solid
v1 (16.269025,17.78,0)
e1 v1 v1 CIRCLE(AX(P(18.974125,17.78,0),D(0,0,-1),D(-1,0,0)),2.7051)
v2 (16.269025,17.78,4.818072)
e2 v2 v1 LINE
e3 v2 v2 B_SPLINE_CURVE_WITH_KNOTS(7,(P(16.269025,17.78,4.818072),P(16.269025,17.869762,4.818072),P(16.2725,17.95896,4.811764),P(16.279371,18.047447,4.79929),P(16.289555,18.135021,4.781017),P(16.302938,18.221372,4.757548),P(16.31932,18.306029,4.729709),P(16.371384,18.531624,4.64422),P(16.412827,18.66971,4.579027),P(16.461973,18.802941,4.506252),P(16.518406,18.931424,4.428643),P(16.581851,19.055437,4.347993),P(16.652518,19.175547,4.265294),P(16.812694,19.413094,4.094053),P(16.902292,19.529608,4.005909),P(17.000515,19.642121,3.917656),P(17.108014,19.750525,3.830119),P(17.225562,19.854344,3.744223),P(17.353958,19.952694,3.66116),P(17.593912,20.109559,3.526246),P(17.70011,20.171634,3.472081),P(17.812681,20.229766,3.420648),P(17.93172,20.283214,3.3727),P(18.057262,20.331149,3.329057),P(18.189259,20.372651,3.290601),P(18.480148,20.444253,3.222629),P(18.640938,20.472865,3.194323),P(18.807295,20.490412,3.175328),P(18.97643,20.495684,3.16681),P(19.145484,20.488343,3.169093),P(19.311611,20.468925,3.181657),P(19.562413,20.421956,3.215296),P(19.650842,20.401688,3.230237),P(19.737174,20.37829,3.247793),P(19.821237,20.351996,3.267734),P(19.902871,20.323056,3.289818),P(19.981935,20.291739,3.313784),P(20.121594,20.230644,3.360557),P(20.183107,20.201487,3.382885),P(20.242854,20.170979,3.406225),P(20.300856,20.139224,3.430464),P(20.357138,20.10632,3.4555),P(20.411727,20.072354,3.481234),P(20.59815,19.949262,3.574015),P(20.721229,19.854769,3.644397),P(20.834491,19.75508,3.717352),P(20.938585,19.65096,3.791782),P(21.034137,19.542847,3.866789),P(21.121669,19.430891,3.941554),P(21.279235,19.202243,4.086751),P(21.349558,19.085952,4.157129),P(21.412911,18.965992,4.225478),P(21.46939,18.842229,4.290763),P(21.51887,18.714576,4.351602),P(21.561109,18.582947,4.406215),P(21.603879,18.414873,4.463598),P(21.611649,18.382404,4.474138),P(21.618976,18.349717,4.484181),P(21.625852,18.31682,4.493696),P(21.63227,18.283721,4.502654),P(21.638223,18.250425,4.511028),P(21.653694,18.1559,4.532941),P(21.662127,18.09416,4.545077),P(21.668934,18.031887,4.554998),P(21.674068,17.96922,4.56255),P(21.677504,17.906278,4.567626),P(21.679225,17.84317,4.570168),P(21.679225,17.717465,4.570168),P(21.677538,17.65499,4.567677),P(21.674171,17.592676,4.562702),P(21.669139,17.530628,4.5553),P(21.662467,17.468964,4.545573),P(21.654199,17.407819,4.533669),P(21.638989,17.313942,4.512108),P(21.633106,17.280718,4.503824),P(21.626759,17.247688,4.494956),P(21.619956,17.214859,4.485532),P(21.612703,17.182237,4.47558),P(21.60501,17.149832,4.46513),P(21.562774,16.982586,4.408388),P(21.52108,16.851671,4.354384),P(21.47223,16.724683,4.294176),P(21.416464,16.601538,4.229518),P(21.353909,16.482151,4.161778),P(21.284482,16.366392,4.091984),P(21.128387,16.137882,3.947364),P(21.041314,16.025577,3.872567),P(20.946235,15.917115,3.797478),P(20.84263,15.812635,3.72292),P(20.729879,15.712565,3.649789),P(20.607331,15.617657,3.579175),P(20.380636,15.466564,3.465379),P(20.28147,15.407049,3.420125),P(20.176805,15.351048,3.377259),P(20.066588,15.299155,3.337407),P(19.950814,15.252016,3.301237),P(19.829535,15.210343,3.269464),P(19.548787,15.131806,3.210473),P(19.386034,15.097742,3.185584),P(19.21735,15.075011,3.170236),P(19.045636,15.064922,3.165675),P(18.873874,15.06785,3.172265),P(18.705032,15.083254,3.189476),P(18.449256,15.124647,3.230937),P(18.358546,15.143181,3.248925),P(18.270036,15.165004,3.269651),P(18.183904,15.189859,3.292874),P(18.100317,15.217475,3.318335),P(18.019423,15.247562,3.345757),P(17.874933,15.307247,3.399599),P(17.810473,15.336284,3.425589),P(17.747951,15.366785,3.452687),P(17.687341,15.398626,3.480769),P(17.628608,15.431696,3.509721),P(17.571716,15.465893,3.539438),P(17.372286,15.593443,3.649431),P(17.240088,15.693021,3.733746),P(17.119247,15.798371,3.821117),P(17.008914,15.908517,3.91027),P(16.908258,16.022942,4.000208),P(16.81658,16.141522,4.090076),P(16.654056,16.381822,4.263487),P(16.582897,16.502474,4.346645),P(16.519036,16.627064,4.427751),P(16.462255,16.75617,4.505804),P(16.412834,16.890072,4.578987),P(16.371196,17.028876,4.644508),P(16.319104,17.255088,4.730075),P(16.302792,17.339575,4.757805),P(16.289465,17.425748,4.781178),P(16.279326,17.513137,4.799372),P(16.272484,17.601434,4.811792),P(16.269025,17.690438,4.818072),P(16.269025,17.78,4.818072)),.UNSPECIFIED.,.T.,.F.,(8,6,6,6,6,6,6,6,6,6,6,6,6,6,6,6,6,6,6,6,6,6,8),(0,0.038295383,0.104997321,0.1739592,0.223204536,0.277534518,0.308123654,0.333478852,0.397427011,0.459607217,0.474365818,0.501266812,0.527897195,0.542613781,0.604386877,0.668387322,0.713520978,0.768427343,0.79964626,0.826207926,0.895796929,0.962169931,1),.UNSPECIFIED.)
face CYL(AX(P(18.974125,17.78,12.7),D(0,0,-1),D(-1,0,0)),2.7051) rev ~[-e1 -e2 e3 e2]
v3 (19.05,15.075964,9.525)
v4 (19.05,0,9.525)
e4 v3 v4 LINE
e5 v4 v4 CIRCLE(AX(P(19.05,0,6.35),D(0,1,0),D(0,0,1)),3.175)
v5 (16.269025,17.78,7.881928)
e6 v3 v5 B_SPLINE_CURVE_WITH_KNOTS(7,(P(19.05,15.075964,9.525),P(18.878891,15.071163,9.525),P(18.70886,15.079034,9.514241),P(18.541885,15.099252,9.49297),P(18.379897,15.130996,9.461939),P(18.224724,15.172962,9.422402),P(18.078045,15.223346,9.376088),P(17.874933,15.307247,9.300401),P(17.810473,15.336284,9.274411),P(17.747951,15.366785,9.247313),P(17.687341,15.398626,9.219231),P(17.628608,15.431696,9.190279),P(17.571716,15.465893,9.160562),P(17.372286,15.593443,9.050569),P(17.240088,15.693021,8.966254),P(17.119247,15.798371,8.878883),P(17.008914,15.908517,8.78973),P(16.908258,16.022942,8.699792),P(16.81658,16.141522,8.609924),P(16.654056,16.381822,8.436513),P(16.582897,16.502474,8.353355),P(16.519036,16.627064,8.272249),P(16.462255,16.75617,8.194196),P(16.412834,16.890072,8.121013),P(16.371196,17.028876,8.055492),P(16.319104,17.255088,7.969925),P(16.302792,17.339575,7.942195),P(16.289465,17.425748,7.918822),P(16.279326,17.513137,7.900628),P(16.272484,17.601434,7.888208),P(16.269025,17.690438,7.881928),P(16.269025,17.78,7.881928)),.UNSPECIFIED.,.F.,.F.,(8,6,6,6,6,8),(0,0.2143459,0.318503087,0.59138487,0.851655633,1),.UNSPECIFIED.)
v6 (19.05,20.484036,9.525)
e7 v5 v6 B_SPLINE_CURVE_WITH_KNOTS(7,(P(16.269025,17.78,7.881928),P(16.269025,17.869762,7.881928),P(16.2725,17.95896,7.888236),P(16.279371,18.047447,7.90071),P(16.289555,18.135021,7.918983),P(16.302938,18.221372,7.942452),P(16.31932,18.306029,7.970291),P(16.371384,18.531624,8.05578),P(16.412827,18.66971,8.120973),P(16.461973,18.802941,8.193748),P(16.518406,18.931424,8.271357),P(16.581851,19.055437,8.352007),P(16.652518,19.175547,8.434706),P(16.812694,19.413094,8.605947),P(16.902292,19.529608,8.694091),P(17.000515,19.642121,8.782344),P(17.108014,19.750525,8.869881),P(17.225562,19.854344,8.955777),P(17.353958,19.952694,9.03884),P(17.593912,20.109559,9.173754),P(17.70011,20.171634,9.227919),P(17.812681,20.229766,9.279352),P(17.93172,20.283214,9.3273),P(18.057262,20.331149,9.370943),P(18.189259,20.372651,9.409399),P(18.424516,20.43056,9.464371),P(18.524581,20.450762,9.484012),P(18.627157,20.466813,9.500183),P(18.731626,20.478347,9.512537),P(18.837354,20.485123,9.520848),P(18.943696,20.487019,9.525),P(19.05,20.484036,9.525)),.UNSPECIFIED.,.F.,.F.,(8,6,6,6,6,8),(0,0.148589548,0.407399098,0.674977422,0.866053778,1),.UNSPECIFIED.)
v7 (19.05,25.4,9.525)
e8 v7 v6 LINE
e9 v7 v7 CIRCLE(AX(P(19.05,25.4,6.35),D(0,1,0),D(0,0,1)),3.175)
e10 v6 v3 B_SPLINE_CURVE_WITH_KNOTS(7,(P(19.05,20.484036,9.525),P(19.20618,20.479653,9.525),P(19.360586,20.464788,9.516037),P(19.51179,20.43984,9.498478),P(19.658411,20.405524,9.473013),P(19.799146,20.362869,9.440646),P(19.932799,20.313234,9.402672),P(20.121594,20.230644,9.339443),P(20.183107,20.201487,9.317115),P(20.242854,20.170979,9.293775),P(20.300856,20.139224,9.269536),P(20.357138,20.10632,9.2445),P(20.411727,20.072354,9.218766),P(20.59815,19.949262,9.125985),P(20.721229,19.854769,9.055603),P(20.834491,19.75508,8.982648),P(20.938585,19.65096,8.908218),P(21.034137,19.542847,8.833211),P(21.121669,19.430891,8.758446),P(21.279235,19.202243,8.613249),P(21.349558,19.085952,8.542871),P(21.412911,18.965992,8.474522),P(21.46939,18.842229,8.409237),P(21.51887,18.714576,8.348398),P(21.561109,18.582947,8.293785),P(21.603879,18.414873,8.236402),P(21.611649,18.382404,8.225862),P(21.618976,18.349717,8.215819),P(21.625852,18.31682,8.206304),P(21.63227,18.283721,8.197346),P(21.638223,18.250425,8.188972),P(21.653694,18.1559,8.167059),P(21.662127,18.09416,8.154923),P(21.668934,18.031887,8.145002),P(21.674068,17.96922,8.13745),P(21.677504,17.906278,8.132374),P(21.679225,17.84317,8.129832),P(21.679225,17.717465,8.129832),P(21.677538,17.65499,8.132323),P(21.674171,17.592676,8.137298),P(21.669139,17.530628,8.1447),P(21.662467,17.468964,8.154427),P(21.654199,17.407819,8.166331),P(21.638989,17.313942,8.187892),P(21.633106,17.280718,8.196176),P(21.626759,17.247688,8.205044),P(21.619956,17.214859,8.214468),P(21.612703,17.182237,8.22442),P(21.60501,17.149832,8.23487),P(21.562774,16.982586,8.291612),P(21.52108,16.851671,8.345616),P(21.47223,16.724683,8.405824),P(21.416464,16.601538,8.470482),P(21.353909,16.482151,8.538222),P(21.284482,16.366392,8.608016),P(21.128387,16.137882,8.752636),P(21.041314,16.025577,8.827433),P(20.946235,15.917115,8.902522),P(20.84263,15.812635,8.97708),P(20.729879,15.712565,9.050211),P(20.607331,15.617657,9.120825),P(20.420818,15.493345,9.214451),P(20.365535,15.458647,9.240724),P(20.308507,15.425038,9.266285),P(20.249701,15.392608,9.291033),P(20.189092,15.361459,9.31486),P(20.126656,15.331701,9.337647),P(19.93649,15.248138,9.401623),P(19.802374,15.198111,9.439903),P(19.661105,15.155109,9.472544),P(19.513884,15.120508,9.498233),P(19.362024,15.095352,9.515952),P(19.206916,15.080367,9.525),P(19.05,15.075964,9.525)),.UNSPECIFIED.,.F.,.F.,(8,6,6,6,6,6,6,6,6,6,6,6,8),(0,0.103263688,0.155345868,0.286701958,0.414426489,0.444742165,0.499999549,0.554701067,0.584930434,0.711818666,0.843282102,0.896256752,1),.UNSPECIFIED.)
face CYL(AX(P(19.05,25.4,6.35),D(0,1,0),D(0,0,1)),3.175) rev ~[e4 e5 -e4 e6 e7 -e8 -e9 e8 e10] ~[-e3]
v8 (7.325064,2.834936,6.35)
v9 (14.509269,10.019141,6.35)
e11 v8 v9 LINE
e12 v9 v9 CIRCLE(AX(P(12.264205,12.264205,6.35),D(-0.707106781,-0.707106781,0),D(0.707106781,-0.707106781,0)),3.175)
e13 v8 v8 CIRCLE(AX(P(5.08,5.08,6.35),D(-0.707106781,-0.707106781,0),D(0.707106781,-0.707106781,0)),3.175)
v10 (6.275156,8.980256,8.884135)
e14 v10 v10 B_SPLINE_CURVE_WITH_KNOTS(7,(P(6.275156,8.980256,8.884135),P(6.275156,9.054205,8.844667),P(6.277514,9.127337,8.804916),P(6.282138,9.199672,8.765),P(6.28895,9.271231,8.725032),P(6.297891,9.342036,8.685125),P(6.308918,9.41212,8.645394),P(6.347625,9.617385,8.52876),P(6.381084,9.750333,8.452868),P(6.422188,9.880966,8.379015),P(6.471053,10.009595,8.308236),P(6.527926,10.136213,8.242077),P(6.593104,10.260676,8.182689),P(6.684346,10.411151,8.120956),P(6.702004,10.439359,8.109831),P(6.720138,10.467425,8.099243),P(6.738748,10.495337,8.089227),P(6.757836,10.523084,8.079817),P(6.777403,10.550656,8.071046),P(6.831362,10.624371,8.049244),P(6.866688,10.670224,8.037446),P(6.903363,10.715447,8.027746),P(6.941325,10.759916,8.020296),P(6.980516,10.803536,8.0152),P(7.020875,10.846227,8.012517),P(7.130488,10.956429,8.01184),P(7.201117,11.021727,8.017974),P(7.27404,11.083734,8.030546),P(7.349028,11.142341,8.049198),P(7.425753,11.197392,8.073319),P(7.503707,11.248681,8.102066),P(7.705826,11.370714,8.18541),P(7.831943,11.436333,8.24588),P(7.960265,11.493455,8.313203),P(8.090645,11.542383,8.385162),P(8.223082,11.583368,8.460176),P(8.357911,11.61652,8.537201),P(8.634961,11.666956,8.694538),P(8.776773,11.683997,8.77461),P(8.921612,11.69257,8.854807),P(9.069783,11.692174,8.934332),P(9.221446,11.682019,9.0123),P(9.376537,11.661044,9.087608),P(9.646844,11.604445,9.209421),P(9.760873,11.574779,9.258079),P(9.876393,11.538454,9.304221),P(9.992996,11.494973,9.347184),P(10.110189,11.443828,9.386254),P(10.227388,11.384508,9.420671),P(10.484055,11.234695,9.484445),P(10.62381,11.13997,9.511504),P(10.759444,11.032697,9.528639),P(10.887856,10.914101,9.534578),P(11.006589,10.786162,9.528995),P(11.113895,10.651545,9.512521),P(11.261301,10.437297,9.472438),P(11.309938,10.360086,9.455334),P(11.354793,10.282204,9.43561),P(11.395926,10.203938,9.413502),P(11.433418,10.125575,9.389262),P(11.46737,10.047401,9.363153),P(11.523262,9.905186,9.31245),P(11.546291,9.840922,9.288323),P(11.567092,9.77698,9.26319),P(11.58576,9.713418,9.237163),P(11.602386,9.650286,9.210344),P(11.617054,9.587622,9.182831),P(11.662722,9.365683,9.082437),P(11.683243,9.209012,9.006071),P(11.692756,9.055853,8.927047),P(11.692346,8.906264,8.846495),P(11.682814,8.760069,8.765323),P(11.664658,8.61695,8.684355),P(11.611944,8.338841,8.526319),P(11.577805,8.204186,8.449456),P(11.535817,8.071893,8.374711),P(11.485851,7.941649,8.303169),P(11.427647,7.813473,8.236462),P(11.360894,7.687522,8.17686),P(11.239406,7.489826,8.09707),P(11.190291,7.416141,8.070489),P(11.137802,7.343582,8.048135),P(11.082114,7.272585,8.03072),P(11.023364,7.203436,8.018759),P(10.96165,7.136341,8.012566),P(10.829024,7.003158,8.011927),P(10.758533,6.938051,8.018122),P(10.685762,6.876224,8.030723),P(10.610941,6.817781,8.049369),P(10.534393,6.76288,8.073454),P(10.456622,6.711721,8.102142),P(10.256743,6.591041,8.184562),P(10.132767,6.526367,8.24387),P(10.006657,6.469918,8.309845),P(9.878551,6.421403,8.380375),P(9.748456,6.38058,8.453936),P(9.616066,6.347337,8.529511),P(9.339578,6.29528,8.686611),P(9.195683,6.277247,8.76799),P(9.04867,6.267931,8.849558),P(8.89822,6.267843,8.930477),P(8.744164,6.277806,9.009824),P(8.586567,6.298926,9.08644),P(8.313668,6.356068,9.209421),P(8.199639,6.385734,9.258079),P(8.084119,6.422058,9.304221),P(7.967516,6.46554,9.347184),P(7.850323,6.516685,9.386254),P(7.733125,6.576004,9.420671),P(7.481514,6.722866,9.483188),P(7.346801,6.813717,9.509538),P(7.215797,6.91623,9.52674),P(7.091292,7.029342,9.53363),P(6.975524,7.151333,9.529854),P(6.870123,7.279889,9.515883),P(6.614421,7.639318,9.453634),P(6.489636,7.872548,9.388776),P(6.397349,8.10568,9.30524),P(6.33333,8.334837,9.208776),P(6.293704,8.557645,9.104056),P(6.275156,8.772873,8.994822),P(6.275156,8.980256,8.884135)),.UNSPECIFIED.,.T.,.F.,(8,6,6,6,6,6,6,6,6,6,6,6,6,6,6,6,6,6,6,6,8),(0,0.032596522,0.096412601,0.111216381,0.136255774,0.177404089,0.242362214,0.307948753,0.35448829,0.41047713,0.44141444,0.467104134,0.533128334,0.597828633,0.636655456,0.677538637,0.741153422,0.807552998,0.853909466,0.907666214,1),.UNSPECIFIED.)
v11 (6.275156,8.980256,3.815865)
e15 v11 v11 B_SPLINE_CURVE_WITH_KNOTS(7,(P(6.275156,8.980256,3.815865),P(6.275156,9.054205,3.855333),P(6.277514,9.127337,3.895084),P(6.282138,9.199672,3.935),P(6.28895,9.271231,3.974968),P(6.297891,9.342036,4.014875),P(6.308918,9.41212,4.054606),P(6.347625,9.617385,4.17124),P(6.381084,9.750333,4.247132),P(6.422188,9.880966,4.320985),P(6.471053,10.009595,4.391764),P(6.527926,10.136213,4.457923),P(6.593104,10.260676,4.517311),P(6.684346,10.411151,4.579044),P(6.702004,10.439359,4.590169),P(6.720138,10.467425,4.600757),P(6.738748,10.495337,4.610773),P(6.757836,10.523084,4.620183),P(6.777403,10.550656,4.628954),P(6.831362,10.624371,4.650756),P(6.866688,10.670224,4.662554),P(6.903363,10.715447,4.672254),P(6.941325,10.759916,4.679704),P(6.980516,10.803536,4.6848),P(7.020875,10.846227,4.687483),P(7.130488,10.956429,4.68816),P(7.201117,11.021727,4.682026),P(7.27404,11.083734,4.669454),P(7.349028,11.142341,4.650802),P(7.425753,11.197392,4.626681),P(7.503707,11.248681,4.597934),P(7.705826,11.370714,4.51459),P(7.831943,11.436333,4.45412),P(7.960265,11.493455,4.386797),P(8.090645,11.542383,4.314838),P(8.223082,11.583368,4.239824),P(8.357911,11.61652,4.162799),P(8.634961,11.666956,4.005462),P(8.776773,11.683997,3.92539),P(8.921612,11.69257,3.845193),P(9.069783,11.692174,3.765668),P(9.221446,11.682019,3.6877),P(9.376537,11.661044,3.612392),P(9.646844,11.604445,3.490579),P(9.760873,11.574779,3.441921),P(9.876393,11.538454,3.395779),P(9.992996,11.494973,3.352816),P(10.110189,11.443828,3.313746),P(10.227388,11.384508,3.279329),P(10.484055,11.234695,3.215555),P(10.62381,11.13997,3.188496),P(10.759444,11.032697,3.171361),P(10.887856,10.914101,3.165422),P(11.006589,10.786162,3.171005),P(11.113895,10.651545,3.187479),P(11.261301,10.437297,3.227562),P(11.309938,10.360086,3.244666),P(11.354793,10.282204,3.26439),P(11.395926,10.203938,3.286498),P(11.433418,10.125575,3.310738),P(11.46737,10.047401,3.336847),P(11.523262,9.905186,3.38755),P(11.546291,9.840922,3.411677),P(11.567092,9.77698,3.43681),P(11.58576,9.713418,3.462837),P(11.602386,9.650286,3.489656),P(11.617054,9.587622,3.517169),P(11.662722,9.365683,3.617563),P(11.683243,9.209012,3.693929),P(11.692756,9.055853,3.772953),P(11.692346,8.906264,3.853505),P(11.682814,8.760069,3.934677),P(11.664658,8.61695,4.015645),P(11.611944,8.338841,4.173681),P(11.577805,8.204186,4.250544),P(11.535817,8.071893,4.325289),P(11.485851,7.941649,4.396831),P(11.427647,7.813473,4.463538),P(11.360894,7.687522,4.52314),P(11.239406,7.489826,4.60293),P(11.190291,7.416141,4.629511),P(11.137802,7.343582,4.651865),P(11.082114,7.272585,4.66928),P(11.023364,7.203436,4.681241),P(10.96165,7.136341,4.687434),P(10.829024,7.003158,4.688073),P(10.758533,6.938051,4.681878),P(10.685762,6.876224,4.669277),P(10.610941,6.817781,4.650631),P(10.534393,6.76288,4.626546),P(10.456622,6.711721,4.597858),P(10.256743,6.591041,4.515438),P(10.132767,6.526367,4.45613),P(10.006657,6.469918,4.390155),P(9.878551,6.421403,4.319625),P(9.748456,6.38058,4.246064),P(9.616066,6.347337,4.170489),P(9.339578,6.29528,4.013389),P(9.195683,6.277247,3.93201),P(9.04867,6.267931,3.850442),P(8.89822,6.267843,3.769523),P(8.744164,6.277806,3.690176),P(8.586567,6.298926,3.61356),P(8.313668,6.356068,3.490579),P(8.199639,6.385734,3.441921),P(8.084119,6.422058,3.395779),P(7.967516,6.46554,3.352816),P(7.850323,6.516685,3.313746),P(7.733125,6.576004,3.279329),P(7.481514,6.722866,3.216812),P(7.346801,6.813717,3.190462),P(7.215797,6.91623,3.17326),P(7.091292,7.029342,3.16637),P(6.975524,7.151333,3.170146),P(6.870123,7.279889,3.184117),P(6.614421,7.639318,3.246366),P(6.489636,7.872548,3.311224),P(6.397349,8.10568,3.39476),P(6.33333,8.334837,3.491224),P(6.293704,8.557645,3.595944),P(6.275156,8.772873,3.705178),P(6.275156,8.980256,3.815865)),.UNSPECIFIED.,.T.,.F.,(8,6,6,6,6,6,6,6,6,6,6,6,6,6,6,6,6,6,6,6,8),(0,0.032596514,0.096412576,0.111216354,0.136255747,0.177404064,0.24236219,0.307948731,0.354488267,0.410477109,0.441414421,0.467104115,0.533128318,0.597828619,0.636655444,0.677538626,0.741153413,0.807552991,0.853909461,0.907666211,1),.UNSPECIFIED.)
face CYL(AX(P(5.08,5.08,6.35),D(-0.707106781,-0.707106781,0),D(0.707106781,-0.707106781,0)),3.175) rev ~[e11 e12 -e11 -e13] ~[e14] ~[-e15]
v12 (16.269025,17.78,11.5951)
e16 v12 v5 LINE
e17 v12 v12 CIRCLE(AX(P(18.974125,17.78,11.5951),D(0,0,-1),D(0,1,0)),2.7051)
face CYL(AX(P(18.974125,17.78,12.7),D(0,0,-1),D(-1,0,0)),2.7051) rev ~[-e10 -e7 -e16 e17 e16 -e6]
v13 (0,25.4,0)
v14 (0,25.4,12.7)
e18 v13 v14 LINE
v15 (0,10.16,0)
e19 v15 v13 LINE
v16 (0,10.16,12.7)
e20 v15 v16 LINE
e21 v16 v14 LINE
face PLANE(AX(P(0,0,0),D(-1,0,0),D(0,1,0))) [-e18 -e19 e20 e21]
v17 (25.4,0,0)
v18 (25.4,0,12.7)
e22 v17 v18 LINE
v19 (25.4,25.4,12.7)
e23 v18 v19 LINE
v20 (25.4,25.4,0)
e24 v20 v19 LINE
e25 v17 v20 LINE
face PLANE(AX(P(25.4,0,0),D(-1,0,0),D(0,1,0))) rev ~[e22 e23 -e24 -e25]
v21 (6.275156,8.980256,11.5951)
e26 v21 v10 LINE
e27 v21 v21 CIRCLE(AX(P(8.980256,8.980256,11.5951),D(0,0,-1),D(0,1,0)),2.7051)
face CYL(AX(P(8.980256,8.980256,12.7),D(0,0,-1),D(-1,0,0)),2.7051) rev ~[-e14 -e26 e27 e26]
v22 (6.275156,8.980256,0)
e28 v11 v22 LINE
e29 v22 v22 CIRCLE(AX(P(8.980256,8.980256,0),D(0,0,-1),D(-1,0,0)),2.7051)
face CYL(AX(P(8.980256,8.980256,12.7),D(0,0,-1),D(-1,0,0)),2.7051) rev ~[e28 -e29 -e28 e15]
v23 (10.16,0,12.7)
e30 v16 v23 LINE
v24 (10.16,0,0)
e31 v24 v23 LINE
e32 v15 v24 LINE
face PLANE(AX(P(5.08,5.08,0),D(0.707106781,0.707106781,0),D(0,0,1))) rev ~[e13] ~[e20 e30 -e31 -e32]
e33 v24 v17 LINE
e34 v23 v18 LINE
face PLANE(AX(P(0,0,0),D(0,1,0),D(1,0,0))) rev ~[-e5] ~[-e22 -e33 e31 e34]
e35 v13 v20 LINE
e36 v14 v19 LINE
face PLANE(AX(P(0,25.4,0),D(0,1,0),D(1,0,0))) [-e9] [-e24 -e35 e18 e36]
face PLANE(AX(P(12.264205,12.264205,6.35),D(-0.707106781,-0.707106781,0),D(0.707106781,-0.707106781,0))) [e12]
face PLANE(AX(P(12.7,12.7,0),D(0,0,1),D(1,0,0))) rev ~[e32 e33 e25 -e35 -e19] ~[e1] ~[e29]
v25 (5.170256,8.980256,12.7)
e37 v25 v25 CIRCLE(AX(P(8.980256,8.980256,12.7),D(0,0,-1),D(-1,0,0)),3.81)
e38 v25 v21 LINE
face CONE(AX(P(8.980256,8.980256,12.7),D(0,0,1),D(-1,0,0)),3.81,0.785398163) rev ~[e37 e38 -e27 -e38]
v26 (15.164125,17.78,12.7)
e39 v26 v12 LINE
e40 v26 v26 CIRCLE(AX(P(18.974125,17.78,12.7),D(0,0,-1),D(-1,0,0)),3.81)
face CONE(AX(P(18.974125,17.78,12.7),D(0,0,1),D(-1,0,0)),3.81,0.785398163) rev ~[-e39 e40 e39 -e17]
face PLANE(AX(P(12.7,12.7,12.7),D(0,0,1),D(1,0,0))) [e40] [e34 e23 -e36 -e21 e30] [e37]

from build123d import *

# Parameters (mm, degrees)
SKETCH1_W                         = 25.4
SKETCH1_H                         = 25.4
BOSS_EXTRUDE1_DEPTH               = 12.7
CHAMFER1_SIZE                     = 10.16
SKETCH2_R                         = 3.175
CUT_EXTRUDE1_DEPTH                = 25.4
SKETCH3_R                         = 3.175
CUT_EXTRUDE2_DEPTH                = 10.16
F_1_4_28_TAPPED_HOLE1_D           = 5.4102
F_1_4_28_TAPPED_HOLE1_DEPTH       = 15.494
F_1_4_28_TAPPED_HOLE1_CSINK_D     = 7.62
F_1_4_28_TAPPED_HOLE1_CSINK_ANGLE = 90
F_1_4_28_TAPPED_HOLE1_TIP         = 1.625388061


with BuildPart() as part:
    # Sketch1 → Boss-Extrude1 (new body)
    with BuildSketch(Plane.XY):
        with Locations((12.7, 12.7)):
            Rectangle(SKETCH1_W, SKETCH1_H)
    extrude(amount=BOSS_EXTRUDE1_DEPTH)

    # Chamfer1
    chamfer1_edges = [part.edges().sort_by_distance(p)[0] for p in [
        (0, 0, 6.35),
    ]]
    chamfer(chamfer1_edges, length=CHAMFER1_SIZE)

    # Sketch2 → Cut-Extrude1 (cut)
    with BuildSketch(Plane(origin=(0, 25.4, 0), x_dir=(1, 0, 0), z_dir=(0, 1, 0))):
        with Locations(Location((19.05, -6.35, 0), (0, 0, 270))):
            Circle(SKETCH2_R)
    extrude(amount=-CUT_EXTRUDE1_DEPTH, mode=Mode.SUBTRACT)

    # Sketch3 → Cut-Extrude2 (cut)
    with BuildSketch(Plane(origin=(5.08, 5.08, 0), x_dir=(0, 0, 1), z_dir=(-0.7071067811865488, -0.7071067811865462, 0))):
        with Locations(Location((6.35, 0, 0), (0, 0, 270))):
            Circle(SKETCH3_R)
    extrude(amount=-CUT_EXTRUDE2_DEPTH, mode=Mode.SUBTRACT)

    # 1/4-28 Tapped Hole1
    with Locations(Plane.XY.offset(12.7)):
        with Locations((8.980256121, 8.980256121), (18.974124868, 17.78)):
            CounterSinkHole(F_1_4_28_TAPPED_HOLE1_D / 2, F_1_4_28_TAPPED_HOLE1_CSINK_D / 2, depth=F_1_4_28_TAPPED_HOLE1_DEPTH, counter_sink_angle=F_1_4_28_TAPPED_HOLE1_CSINK_ANGLE)
            with Locations((0, 0, -(F_1_4_28_TAPPED_HOLE1_DEPTH + F_1_4_28_TAPPED_HOLE1_TIP / 2))):  # 118° drill point
                Cone(0, F_1_4_28_TAPPED_HOLE1_D / 2, F_1_4_28_TAPPED_HOLE1_TIP, mode=Mode.SUBTRACT)


solid = part.part
